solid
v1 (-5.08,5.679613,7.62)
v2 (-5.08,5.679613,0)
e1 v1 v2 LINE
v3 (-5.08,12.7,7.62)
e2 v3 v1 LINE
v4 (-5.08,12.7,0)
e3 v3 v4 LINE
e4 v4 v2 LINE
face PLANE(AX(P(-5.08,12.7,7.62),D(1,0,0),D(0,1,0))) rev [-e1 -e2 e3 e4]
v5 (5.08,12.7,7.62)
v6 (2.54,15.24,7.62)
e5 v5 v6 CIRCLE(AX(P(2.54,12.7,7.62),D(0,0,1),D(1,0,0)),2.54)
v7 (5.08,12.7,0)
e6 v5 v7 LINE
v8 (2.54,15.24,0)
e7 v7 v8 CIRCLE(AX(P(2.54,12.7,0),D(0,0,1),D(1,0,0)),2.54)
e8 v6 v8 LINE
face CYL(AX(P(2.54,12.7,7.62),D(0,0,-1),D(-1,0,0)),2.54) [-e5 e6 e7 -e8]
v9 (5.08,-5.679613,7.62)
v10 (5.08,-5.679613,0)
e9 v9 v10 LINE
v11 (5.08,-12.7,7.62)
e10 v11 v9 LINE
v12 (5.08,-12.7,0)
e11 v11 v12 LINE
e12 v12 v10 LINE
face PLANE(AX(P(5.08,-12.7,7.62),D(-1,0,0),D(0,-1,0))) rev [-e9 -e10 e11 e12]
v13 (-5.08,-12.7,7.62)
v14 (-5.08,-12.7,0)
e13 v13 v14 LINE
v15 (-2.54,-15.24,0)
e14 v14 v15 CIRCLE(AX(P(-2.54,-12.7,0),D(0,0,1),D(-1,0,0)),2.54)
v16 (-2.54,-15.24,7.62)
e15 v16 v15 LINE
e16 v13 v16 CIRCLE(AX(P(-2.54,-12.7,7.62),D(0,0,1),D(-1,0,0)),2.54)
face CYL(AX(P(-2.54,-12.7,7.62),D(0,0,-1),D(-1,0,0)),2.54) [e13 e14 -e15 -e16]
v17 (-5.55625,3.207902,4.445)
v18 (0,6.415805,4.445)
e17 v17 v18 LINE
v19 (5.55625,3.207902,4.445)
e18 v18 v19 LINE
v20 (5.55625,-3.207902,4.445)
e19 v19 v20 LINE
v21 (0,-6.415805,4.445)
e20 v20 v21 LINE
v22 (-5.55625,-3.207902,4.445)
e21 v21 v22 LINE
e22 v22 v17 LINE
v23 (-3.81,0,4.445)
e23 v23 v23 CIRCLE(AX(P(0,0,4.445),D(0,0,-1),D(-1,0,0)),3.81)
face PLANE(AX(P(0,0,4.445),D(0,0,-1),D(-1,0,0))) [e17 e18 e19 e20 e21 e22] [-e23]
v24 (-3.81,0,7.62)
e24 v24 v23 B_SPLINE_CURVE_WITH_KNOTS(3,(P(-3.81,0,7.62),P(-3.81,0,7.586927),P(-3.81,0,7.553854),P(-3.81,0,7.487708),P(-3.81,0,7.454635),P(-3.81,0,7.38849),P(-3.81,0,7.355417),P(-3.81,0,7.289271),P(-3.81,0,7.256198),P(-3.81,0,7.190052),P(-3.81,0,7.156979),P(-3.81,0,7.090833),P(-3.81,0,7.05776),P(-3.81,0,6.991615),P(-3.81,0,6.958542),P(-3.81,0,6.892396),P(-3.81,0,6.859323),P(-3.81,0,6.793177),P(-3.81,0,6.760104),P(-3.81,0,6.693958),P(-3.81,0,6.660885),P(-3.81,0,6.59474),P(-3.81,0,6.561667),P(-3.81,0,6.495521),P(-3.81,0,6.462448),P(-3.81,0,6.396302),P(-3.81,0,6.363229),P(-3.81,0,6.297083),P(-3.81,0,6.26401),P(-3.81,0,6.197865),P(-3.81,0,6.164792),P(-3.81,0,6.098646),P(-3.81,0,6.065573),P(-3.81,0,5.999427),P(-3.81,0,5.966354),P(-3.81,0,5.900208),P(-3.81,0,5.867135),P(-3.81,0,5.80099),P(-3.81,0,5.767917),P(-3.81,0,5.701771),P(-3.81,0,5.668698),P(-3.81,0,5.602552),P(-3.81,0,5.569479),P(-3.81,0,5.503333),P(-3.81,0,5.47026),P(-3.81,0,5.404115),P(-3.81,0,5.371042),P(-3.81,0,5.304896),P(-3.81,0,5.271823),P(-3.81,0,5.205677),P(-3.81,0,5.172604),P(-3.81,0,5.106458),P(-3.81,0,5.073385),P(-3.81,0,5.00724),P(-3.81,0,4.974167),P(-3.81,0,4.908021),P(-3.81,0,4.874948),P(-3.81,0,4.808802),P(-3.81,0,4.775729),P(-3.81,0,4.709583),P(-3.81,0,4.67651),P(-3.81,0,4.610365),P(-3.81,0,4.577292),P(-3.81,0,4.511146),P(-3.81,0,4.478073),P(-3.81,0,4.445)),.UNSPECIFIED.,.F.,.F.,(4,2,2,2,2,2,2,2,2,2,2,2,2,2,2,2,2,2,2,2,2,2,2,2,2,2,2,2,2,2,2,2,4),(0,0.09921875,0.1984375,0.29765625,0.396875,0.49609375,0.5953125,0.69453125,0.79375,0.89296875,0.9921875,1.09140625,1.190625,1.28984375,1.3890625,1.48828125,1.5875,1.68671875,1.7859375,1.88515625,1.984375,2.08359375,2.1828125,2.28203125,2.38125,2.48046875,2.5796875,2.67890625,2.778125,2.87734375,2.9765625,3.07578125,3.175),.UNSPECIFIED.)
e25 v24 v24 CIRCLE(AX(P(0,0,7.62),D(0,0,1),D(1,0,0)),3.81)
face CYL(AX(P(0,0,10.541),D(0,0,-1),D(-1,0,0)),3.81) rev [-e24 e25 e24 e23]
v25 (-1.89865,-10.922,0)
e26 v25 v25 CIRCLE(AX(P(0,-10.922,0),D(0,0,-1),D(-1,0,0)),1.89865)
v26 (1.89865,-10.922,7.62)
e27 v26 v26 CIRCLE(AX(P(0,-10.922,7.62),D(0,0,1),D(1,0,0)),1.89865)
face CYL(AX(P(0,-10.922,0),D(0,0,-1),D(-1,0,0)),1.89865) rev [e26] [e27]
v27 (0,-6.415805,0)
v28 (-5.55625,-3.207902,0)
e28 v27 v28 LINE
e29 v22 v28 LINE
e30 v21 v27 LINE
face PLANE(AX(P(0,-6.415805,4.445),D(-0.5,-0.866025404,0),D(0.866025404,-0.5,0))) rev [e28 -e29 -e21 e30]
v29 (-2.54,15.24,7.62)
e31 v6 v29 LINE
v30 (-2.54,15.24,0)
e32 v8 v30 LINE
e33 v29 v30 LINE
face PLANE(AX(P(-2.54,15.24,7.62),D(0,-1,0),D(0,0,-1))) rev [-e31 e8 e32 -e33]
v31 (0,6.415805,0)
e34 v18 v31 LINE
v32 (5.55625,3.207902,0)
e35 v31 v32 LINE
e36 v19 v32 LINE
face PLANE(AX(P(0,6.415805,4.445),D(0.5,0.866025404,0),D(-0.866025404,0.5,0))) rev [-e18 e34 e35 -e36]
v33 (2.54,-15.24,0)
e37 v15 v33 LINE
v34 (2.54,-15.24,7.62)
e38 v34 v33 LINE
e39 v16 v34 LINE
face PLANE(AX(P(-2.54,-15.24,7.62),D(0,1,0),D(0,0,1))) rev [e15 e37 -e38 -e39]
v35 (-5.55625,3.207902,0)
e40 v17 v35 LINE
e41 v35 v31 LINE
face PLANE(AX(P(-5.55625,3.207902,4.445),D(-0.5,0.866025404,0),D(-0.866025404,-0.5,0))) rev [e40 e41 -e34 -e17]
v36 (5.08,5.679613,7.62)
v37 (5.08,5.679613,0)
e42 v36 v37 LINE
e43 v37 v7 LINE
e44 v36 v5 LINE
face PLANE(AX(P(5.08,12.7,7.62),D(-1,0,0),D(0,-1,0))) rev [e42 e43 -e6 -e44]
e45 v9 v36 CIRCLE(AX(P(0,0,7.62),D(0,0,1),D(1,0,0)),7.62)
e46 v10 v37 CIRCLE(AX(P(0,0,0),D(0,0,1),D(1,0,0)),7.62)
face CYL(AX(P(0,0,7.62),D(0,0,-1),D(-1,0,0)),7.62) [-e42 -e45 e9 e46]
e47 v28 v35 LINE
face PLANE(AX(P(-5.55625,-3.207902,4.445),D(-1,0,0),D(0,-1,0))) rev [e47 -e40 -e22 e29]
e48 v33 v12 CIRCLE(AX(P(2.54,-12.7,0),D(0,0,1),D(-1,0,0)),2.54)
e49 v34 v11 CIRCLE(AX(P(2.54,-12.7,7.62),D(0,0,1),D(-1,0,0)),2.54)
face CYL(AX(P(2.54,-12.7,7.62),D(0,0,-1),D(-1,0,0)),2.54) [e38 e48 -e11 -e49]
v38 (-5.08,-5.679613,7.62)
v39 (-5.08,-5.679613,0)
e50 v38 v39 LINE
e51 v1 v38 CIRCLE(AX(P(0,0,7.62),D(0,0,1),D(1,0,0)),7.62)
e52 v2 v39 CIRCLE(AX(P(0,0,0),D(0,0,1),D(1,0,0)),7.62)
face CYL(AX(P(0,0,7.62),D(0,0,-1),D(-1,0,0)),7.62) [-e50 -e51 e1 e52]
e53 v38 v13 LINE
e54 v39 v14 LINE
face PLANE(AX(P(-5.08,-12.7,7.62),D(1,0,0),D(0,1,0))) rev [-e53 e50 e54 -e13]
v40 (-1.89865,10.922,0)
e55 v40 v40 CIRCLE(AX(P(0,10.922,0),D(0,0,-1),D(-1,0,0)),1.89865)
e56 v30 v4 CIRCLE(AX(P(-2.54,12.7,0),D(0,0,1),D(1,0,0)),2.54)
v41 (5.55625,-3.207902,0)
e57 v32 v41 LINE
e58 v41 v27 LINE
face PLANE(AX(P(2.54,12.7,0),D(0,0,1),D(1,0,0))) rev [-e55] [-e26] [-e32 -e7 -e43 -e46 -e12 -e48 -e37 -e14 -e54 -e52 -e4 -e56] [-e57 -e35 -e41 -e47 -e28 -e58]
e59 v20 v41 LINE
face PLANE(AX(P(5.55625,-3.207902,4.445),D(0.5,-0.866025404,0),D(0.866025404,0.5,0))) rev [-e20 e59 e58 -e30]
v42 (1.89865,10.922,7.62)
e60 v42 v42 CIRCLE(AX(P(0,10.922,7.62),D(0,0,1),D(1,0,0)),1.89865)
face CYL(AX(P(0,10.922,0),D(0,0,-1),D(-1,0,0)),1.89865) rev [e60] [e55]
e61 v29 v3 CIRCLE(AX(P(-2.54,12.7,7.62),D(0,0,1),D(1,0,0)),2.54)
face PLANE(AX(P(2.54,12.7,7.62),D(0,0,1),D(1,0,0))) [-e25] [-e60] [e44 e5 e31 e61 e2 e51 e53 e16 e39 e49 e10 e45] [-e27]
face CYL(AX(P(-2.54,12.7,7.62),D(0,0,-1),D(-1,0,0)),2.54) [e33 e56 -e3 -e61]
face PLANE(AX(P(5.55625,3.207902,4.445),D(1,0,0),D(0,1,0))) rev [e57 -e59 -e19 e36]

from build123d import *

# Parameters (mm, degrees)
EXTRUDE_1_DEPTH           = 7.62
CUT_EXTRUDE_1_DEPTH       = 4.445
SKETCH_3_R                = 3.81
CUT_EXTRUDE_2_DEPTH       = 6.096
F_6_CLEARANCE_HOLE1_D     = 3.7973
F_6_CLEARANCE_HOLE1_DEPTH = 25.4
F_6_CLEARANCE_HOLE1_TIP   = 1.140824014


with BuildPart() as part:
    # 草图1 → 凸台-拉伸1 (new body)
    with BuildSketch(Plane.XY):
        with BuildLine():
            Line((-5.08, 12.7), (-5.08, 5.679612663))
            ThreePointArc((-5.08, 5.679612663), (-7.62, 0), (-5.08, -5.679612663))
            Line((-5.08, -5.679612663), (-5.08, -12.7))
            ThreePointArc((-5.08, -12.7), (-4.336051224, -14.496051224), (-2.54, -15.24))
            Line((-2.54, -15.24), (2.54, -15.24))
            ThreePointArc((2.54, -15.24), (4.336051224, -14.496051224), (5.08, -12.7))
            Line((5.08, -12.7), (5.08, -5.679612663))
            ThreePointArc((5.08, -5.679612663), (7.62, 0), (5.08, 5.679612663))
            Line((5.08, 5.679612663), (5.08, 12.7))
            ThreePointArc((5.08, 12.7), (4.336051224, 14.496051224), (2.54, 15.24))
            Line((2.54, 15.24), (-2.54, 15.24))
            ThreePointArc((-2.54, 15.24), (-4.336051224, 14.496051224), (-5.08, 12.7))
        make_face()
    extrude(amount=EXTRUDE_1_DEPTH)

    # 草图2 → 切除-拉伸1 (cut)
    with BuildSketch(Plane(origin=(0, 0, 0), x_dir=(-1, 0, 0), z_dir=(0, 0, -1))):
        Polygon((5.55625, 3.207902433), (0, 6.415804866), (-5.55625, 3.207902433), (-5.55625, -3.207902433), (0, -6.415804866), (5.55625, -3.207902433), align=None)
    extrude(amount=-CUT_EXTRUDE_1_DEPTH, mode=Mode.SUBTRACT)

    # 草图3 → 切除-拉伸2 (cut)
    with BuildSketch(Plane(origin=(0, 0, 4.445), x_dir=(-1, 0, 0), z_dir=(0, 0, -1))):
        Circle(SKETCH_3_R)
    extrude(amount=-CUT_EXTRUDE_2_DEPTH, mode=Mode.SUBTRACT)

    # #6 Clearance Hole1
    with Locations(Plane(origin=(0, 0, 0), x_dir=(-1, 0, 0), z_dir=(0, 0, -1))):
        with Locations((0, 10.922), (0, -10.922)):
            Hole(F_6_CLEARANCE_HOLE1_D / 2, depth=F_6_CLEARANCE_HOLE1_DEPTH)
            with Locations((0, 0, -(F_6_CLEARANCE_HOLE1_DEPTH + F_6_CLEARANCE_HOLE1_TIP / 2))):  # 118° drill point
                Cone(0, F_6_CLEARANCE_HOLE1_D / 2, F_6_CLEARANCE_HOLE1_TIP, mode=Mode.SUBTRACT)


solid = part.part
